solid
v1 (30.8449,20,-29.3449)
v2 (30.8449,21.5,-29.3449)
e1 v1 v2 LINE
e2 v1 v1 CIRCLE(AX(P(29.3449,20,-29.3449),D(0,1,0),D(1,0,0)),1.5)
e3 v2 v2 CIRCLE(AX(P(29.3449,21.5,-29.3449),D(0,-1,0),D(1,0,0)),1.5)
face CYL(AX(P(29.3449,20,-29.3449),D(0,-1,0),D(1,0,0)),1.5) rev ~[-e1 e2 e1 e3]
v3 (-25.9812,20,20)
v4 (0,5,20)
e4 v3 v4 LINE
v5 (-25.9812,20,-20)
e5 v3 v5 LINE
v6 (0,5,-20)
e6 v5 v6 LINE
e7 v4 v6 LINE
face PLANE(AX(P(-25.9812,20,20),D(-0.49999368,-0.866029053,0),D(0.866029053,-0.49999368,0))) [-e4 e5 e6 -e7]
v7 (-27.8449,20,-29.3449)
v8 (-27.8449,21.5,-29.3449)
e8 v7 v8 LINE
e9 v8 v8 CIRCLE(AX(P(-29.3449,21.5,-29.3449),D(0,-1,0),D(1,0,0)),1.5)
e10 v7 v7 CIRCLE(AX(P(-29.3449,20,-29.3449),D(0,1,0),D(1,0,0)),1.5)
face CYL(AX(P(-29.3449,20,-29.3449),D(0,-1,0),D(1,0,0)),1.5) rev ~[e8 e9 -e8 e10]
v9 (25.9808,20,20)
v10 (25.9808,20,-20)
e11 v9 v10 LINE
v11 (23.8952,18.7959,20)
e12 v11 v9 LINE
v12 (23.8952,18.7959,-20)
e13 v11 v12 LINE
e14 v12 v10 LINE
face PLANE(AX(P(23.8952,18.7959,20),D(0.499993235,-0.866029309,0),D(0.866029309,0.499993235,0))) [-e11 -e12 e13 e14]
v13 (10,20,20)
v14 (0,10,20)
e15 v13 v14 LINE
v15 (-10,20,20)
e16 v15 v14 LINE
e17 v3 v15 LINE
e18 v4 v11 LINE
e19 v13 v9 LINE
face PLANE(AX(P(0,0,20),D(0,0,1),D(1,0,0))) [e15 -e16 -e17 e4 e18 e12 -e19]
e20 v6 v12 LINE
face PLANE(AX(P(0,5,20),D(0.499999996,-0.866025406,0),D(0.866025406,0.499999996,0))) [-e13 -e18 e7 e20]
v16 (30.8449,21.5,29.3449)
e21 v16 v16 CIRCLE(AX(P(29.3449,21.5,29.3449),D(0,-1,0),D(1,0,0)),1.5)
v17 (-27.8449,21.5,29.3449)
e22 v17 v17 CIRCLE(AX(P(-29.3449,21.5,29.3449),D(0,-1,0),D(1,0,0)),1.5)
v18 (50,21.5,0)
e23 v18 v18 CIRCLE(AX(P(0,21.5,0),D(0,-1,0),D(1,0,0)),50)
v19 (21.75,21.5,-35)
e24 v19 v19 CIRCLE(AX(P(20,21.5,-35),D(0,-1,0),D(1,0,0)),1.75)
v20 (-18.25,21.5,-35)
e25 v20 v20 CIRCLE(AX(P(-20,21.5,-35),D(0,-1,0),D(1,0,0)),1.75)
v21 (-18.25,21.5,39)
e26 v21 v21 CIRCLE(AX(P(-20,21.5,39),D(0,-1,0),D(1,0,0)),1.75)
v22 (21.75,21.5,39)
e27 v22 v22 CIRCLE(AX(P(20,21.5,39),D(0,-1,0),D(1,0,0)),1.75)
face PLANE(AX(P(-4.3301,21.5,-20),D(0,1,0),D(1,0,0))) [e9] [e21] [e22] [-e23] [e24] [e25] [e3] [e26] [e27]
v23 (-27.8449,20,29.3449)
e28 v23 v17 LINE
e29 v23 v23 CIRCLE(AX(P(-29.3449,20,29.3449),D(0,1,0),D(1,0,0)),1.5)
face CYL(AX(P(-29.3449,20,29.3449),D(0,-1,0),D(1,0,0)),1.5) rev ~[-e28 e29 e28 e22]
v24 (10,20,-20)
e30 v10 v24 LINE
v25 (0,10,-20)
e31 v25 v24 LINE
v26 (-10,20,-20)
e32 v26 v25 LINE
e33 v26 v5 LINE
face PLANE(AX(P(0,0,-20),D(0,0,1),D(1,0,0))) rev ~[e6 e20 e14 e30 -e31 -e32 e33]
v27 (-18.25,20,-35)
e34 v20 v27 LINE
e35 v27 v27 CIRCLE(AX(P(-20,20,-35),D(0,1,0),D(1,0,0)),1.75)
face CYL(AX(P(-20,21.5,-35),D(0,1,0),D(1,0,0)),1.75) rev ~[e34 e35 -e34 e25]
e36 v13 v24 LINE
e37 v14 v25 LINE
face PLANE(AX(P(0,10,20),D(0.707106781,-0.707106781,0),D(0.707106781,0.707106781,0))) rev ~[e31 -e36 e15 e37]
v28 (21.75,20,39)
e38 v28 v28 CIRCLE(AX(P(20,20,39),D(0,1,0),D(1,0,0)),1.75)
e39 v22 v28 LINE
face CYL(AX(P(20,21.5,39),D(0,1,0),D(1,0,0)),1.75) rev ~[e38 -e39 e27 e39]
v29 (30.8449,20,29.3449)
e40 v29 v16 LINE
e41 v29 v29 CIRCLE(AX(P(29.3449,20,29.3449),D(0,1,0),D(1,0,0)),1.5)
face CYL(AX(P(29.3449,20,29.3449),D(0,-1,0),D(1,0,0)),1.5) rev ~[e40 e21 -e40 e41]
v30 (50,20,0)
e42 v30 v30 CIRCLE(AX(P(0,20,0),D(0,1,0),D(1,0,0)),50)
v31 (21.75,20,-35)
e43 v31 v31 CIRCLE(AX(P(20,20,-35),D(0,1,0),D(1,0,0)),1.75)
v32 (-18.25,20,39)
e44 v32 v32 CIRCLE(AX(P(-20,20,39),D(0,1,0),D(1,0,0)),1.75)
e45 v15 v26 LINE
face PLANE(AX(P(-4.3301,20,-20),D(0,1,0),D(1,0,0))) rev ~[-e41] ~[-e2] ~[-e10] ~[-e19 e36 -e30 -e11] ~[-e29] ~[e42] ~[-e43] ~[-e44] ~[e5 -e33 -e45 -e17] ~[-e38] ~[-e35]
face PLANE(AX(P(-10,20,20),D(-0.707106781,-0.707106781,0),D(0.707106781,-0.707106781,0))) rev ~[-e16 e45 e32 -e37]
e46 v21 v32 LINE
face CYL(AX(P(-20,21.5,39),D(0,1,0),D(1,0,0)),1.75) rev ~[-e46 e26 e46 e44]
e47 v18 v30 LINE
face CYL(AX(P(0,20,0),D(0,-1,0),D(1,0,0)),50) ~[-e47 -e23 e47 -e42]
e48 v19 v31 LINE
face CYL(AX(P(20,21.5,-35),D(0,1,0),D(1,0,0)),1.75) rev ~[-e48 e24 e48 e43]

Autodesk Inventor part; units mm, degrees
ref_plane "YZ Plane" through (0, 0, 0) normal (1, 0, 0) x (0, 1, 0)
ref_plane "Work Plane3" through (-4.3301, 20, -20) normal (0, 1, 0) x (1, 0, 0)
sketch "Sketch4" plane through (-4.3301, 20, -20) normal (0, 1, 0) x (1, 0, 0)
  circle A0 centre (4.3301, -20) radius 50
  dimension "d16" = 100
extrude "Extrusion4" add sketch "Sketch4" along normal blind 1.5
sketch "Sketch9" plane through (0, 0, 0) normal (0, 0, 1) x (1, 0, 0)
  line L0 (50, 21.5) -> (-50, 21.5) projected
  line L1 (50, 21.5) -> (43, 21.5)
  line L2 (50, 21.5) -> (50, 26.5)
  line L3 (50, 26.5) -> (48, 26.5)
  line L4 (48, 26.5) -> (43, 21.5)
  line L5 (0, 21.5) -> (0, 37.2)
  point P0 (0, 0)
  dimension "d27" = 7
  dimension "d28" = 5
  dimension "d29" = 2
revolve "Revolution1" add sketch "Sketch9" angle 360 about axis through (0, 21.5, 0) along (0, 1, 0)
ref_plane "Work Plane2" through (0, 21.5, 0) normal (0, 1, 0) x (1, 0, 0)
sketch "Sketch12" plane through (0, 21.5, 0) normal (0, 1, 0) x (1, 0, 0)
  line L0 (0, 0) -> (20, 0)
  line L1 (20, 0) -> (20, -35)
  line L2 (20, -35) -> (-20, -35)
  line L3 (-20, -35) -> (-20, 35)
  line L4 (-20, 35) -> (20, 35)
  line L5 (20, 35) -> (20, -35)
  circle A0 centre (20, 35) radius 1.75
  circle A1 centre (-20, 35) radius 1.75
  circle A2 centre (-20, -35) radius 1.75
  circle A3 centre (20, -35) radius 1.75
  dimension "d47" = 20
  dimension "d48" = 35
  dimension "d49" = 40
  dimension "d50" = 70
  dimension "d51" = 3.5
  dimension "d52" = 3.5
  dimension "d53" = 3.5
  dimension "d54" = 3.5
extrude "Extrusion6" cut sketch "Sketch12" against normal blind 1.5 contours A3 L2 L1 | L1 L2 A3 | A0 L4 L5 | L5 L4 A0 | A2 L3 L2 | L2 L3 A2 | A1 L3 L4 | L4 L3 A1
sketch "Sketch13" plane through (0, 0, 0) normal (0, 0, 1) x (1, 0, 0)
  line L0 (0, 0) -> (25, 0) construction
  line L1 (-50, 20) -> (50, 20) projected
  line L2 (0, 7.5) -> (-21.6506, 20)
  line L3 (0, 7.5) -> (21.6506, 20)
  line L4 (0, 7.5) -> (25, 7.5) construction
  line L5 (21.6506, 20) -> (-21.6506, 20)
  line L6 (0, 7.5) -> (0, 12.5)
  line L7 (0, 20) -> (-5, 20)
  line L8 (-5, 20) -> (0, 12.5)
  line L9 (0, 20) -> (5, 20)
  line L10 (5, 20) -> (0, 12.5)
  dimension "d60" = 25
  dimension "d61" = 30
  dimension "d62" = 5
  dimension "d63" = 5
  dimension "d64" = 5
extrude "Extrusion7" add sketch "Sketch13" along normal mid plane 40 contours L1 L8 L6 L2 | L6 L10 L1 L3
sketch "Sketch16" plane through (0, 0, 20) normal (0, 0, 1) x (1, 0, 0)
  line L0 (-50, 20) -> (50, 20) projected
  line L1 (0, 20) -> (0, 5)
  line L2 (0, 5) -> (23.8952, 18.7959)
  line L3 (23.8952, 18.7959) -> (25.9808, 20)
  line L4 (25.9808, 20) -> (-25.9812, 20)
  line L5 (-25.9812, 20) -> (0, 5)
  point P0 (0, 0)
  dimension "d67" = 15
  dimension "d68" = 60
  dimension "d69" = 51.962
extrude "Extrusion8" add sketch "Sketch16" against normal blind 40
sketch "Sketch17" plane through (0, 0, 20) normal (0, 0, 1) x (1, 0, 0)
  line L0 (0, 5) -> (-25.9812, 20) projected
  line L1 (0, 5) -> (0, 10)
  line L2 (0, 10) -> (6.8298, 16.8298)
  line L3 (6.8298, 16.8298) -> (10, 20)
  line L4 (-50, 20) -> (50, 20) projected
  line L5 (10, 20) -> (-10, 20)
  line L6 (-10, 20) -> (0, 10)
  point P0 (0, 0)
  dimension "d72" = 5
  dimension "d73" = 135
  dimension "d74" = 20
extrude "Extrusion9" cut sketch "Sketch17" against normal blind 40 contours L6 L4 L3 L2
sketch "Sketch18" plane through (0, 20, 0) normal (0, -1, 0) x (1, 0, 0)
  line L0 (0, 0) -> (-35.3553, 35.3553)
  circle A0 centre (0, 0) radius 50 projected
  line L1 (0, 0) -> (50, 0) construction
  line L2 (0, 0) -> (35.3553, 35.3553)
  line L3 (0, 0) -> (50, 0) construction
  line L4 (0, 0) -> (-35.3553, -35.3553)
  line L5 (0, 0) -> (50, 0) construction
  line L6 (0, 0) -> (35.3553, -35.3553)
  line L7 (0, 0) -> (50, 0) construction
  circle A1 centre (0, 0) radius 43 projected
  line L8 (-30.4056, 30.4056) -> (-29.3449, 29.3449)
  line L9 (30.4056, 30.4056) -> (29.3449, 29.3449)
  line L10 (30.4056, -30.4056) -> (29.3449, -29.3449)
  line L11 (-30.4056, -30.4056) -> (-29.3449, -29.3449)
  circle A2 centre (-29.3449, -29.3449) radius 1.5
  circle A3 centre (29.3449, -29.3449) radius 1.5
  circle A4 centre (-29.3449, 29.3449) radius 1.5
  circle A5 centre (29.3449, 29.3449) radius 1.5
  dimension "d77" = 135
  dimension "d78" = 45
  dimension "d79" = 135
  dimension "d80" = 45
  dimension "d81" = 1.5
  dimension "d82" = 1.5
  dimension "d83" = 1.5
  dimension "d84" = 1.5
extrude "Extrusion10" cut sketch "Sketch18" against normal blind 40 contours A4 L0 | L0 A4 | A5 L2 | L2 A5 | A2 L4 | L4 A2 | A3 L6 | L6 A3
sketch "Sketch20" plane through (-4.3301, 21.5, -20) normal (0, 1, 0) x (1, 0, 0)
  circle A0 centre (-15.6699, 15) radius 1.75 projected
  circle A1 centre (-15.6699, 15) radius 3.5
  circle A2 centre (24.3301, 15) radius 1.75 projected
  circle A3 centre (24.3301, 15) radius 3.5
  circle A4 centre (24.3301, -55) radius 1.75 projected
  circle A5 centre (24.3301, -55) radius 3.5
  circle A6 centre (-15.6699, -55) radius 1.75 projected
  circle A7 centre (-15.6699, -55) radius 3.5
  point P0 (4.3301, -20)
  dimension "d87" = 7
  dimension "d88" = 7
  dimension "d89" = 7
  dimension "d90" = 7
extrude "Extrusion11" cut sketch "Sketch20" along normal blind 10
sketch "Sketch21" plane through (-4.3301, 21.5, -20) normal (0, 1, 0) x (1, 0, 0)
  circle A0 centre (4.3301, -20) radius 67.7461
extrude "Extrusion12" cut sketch "Sketch21" along normal blind 10
sketch "Sketch22" plane through (0, 5, -20) normal (0.5, -0.866, 0) x (0.866, 0.5, 0)
  point P0 (-2.5, 20)
sketch "Sketch23" plane through (0, 21.5, 0) normal (0, 1, 0) x (1, 0, 0)
  circle A0 centre (20, -35) radius 1.75 projected
  line L0 (20, -35) -> (20, -39)
  circle A1 centre (-20, -35) radius 1.75 projected
  line L1 (-20, -35) -> (-20, -39)
  circle A2 centre (20, -39) radius 1.75
  circle A3 centre (-20, -39) radius 1.75
  point P0 (0, 0)
  dimension "d95" = 4
  dimension "d96" = 4
  dimension "d97" = 3.5
  dimension "d98" = 3.5
extrude "Extrusion13" cut sketch "Sketch23" against normal blind 10 contours A2 | A3
sketch "Sketch24" plane through (0, 21.5, 0) normal (0, 1, 0) x (1, 0, 0)
  circle A0 centre (20, -35) radius 1.75 projected
  circle A1 centre (20, -35) radius 1.75
  circle A2 centre (-20, -35) radius 1.75 projected
  circle A3 centre (-20, -35) radius 1.75
  point P0 (0, 0)
extrude "Extrusion14" add sketch "Sketch24" against normal blind 1.5
properties part number "Mirror Mount" material "Acetal Resin, Black"
